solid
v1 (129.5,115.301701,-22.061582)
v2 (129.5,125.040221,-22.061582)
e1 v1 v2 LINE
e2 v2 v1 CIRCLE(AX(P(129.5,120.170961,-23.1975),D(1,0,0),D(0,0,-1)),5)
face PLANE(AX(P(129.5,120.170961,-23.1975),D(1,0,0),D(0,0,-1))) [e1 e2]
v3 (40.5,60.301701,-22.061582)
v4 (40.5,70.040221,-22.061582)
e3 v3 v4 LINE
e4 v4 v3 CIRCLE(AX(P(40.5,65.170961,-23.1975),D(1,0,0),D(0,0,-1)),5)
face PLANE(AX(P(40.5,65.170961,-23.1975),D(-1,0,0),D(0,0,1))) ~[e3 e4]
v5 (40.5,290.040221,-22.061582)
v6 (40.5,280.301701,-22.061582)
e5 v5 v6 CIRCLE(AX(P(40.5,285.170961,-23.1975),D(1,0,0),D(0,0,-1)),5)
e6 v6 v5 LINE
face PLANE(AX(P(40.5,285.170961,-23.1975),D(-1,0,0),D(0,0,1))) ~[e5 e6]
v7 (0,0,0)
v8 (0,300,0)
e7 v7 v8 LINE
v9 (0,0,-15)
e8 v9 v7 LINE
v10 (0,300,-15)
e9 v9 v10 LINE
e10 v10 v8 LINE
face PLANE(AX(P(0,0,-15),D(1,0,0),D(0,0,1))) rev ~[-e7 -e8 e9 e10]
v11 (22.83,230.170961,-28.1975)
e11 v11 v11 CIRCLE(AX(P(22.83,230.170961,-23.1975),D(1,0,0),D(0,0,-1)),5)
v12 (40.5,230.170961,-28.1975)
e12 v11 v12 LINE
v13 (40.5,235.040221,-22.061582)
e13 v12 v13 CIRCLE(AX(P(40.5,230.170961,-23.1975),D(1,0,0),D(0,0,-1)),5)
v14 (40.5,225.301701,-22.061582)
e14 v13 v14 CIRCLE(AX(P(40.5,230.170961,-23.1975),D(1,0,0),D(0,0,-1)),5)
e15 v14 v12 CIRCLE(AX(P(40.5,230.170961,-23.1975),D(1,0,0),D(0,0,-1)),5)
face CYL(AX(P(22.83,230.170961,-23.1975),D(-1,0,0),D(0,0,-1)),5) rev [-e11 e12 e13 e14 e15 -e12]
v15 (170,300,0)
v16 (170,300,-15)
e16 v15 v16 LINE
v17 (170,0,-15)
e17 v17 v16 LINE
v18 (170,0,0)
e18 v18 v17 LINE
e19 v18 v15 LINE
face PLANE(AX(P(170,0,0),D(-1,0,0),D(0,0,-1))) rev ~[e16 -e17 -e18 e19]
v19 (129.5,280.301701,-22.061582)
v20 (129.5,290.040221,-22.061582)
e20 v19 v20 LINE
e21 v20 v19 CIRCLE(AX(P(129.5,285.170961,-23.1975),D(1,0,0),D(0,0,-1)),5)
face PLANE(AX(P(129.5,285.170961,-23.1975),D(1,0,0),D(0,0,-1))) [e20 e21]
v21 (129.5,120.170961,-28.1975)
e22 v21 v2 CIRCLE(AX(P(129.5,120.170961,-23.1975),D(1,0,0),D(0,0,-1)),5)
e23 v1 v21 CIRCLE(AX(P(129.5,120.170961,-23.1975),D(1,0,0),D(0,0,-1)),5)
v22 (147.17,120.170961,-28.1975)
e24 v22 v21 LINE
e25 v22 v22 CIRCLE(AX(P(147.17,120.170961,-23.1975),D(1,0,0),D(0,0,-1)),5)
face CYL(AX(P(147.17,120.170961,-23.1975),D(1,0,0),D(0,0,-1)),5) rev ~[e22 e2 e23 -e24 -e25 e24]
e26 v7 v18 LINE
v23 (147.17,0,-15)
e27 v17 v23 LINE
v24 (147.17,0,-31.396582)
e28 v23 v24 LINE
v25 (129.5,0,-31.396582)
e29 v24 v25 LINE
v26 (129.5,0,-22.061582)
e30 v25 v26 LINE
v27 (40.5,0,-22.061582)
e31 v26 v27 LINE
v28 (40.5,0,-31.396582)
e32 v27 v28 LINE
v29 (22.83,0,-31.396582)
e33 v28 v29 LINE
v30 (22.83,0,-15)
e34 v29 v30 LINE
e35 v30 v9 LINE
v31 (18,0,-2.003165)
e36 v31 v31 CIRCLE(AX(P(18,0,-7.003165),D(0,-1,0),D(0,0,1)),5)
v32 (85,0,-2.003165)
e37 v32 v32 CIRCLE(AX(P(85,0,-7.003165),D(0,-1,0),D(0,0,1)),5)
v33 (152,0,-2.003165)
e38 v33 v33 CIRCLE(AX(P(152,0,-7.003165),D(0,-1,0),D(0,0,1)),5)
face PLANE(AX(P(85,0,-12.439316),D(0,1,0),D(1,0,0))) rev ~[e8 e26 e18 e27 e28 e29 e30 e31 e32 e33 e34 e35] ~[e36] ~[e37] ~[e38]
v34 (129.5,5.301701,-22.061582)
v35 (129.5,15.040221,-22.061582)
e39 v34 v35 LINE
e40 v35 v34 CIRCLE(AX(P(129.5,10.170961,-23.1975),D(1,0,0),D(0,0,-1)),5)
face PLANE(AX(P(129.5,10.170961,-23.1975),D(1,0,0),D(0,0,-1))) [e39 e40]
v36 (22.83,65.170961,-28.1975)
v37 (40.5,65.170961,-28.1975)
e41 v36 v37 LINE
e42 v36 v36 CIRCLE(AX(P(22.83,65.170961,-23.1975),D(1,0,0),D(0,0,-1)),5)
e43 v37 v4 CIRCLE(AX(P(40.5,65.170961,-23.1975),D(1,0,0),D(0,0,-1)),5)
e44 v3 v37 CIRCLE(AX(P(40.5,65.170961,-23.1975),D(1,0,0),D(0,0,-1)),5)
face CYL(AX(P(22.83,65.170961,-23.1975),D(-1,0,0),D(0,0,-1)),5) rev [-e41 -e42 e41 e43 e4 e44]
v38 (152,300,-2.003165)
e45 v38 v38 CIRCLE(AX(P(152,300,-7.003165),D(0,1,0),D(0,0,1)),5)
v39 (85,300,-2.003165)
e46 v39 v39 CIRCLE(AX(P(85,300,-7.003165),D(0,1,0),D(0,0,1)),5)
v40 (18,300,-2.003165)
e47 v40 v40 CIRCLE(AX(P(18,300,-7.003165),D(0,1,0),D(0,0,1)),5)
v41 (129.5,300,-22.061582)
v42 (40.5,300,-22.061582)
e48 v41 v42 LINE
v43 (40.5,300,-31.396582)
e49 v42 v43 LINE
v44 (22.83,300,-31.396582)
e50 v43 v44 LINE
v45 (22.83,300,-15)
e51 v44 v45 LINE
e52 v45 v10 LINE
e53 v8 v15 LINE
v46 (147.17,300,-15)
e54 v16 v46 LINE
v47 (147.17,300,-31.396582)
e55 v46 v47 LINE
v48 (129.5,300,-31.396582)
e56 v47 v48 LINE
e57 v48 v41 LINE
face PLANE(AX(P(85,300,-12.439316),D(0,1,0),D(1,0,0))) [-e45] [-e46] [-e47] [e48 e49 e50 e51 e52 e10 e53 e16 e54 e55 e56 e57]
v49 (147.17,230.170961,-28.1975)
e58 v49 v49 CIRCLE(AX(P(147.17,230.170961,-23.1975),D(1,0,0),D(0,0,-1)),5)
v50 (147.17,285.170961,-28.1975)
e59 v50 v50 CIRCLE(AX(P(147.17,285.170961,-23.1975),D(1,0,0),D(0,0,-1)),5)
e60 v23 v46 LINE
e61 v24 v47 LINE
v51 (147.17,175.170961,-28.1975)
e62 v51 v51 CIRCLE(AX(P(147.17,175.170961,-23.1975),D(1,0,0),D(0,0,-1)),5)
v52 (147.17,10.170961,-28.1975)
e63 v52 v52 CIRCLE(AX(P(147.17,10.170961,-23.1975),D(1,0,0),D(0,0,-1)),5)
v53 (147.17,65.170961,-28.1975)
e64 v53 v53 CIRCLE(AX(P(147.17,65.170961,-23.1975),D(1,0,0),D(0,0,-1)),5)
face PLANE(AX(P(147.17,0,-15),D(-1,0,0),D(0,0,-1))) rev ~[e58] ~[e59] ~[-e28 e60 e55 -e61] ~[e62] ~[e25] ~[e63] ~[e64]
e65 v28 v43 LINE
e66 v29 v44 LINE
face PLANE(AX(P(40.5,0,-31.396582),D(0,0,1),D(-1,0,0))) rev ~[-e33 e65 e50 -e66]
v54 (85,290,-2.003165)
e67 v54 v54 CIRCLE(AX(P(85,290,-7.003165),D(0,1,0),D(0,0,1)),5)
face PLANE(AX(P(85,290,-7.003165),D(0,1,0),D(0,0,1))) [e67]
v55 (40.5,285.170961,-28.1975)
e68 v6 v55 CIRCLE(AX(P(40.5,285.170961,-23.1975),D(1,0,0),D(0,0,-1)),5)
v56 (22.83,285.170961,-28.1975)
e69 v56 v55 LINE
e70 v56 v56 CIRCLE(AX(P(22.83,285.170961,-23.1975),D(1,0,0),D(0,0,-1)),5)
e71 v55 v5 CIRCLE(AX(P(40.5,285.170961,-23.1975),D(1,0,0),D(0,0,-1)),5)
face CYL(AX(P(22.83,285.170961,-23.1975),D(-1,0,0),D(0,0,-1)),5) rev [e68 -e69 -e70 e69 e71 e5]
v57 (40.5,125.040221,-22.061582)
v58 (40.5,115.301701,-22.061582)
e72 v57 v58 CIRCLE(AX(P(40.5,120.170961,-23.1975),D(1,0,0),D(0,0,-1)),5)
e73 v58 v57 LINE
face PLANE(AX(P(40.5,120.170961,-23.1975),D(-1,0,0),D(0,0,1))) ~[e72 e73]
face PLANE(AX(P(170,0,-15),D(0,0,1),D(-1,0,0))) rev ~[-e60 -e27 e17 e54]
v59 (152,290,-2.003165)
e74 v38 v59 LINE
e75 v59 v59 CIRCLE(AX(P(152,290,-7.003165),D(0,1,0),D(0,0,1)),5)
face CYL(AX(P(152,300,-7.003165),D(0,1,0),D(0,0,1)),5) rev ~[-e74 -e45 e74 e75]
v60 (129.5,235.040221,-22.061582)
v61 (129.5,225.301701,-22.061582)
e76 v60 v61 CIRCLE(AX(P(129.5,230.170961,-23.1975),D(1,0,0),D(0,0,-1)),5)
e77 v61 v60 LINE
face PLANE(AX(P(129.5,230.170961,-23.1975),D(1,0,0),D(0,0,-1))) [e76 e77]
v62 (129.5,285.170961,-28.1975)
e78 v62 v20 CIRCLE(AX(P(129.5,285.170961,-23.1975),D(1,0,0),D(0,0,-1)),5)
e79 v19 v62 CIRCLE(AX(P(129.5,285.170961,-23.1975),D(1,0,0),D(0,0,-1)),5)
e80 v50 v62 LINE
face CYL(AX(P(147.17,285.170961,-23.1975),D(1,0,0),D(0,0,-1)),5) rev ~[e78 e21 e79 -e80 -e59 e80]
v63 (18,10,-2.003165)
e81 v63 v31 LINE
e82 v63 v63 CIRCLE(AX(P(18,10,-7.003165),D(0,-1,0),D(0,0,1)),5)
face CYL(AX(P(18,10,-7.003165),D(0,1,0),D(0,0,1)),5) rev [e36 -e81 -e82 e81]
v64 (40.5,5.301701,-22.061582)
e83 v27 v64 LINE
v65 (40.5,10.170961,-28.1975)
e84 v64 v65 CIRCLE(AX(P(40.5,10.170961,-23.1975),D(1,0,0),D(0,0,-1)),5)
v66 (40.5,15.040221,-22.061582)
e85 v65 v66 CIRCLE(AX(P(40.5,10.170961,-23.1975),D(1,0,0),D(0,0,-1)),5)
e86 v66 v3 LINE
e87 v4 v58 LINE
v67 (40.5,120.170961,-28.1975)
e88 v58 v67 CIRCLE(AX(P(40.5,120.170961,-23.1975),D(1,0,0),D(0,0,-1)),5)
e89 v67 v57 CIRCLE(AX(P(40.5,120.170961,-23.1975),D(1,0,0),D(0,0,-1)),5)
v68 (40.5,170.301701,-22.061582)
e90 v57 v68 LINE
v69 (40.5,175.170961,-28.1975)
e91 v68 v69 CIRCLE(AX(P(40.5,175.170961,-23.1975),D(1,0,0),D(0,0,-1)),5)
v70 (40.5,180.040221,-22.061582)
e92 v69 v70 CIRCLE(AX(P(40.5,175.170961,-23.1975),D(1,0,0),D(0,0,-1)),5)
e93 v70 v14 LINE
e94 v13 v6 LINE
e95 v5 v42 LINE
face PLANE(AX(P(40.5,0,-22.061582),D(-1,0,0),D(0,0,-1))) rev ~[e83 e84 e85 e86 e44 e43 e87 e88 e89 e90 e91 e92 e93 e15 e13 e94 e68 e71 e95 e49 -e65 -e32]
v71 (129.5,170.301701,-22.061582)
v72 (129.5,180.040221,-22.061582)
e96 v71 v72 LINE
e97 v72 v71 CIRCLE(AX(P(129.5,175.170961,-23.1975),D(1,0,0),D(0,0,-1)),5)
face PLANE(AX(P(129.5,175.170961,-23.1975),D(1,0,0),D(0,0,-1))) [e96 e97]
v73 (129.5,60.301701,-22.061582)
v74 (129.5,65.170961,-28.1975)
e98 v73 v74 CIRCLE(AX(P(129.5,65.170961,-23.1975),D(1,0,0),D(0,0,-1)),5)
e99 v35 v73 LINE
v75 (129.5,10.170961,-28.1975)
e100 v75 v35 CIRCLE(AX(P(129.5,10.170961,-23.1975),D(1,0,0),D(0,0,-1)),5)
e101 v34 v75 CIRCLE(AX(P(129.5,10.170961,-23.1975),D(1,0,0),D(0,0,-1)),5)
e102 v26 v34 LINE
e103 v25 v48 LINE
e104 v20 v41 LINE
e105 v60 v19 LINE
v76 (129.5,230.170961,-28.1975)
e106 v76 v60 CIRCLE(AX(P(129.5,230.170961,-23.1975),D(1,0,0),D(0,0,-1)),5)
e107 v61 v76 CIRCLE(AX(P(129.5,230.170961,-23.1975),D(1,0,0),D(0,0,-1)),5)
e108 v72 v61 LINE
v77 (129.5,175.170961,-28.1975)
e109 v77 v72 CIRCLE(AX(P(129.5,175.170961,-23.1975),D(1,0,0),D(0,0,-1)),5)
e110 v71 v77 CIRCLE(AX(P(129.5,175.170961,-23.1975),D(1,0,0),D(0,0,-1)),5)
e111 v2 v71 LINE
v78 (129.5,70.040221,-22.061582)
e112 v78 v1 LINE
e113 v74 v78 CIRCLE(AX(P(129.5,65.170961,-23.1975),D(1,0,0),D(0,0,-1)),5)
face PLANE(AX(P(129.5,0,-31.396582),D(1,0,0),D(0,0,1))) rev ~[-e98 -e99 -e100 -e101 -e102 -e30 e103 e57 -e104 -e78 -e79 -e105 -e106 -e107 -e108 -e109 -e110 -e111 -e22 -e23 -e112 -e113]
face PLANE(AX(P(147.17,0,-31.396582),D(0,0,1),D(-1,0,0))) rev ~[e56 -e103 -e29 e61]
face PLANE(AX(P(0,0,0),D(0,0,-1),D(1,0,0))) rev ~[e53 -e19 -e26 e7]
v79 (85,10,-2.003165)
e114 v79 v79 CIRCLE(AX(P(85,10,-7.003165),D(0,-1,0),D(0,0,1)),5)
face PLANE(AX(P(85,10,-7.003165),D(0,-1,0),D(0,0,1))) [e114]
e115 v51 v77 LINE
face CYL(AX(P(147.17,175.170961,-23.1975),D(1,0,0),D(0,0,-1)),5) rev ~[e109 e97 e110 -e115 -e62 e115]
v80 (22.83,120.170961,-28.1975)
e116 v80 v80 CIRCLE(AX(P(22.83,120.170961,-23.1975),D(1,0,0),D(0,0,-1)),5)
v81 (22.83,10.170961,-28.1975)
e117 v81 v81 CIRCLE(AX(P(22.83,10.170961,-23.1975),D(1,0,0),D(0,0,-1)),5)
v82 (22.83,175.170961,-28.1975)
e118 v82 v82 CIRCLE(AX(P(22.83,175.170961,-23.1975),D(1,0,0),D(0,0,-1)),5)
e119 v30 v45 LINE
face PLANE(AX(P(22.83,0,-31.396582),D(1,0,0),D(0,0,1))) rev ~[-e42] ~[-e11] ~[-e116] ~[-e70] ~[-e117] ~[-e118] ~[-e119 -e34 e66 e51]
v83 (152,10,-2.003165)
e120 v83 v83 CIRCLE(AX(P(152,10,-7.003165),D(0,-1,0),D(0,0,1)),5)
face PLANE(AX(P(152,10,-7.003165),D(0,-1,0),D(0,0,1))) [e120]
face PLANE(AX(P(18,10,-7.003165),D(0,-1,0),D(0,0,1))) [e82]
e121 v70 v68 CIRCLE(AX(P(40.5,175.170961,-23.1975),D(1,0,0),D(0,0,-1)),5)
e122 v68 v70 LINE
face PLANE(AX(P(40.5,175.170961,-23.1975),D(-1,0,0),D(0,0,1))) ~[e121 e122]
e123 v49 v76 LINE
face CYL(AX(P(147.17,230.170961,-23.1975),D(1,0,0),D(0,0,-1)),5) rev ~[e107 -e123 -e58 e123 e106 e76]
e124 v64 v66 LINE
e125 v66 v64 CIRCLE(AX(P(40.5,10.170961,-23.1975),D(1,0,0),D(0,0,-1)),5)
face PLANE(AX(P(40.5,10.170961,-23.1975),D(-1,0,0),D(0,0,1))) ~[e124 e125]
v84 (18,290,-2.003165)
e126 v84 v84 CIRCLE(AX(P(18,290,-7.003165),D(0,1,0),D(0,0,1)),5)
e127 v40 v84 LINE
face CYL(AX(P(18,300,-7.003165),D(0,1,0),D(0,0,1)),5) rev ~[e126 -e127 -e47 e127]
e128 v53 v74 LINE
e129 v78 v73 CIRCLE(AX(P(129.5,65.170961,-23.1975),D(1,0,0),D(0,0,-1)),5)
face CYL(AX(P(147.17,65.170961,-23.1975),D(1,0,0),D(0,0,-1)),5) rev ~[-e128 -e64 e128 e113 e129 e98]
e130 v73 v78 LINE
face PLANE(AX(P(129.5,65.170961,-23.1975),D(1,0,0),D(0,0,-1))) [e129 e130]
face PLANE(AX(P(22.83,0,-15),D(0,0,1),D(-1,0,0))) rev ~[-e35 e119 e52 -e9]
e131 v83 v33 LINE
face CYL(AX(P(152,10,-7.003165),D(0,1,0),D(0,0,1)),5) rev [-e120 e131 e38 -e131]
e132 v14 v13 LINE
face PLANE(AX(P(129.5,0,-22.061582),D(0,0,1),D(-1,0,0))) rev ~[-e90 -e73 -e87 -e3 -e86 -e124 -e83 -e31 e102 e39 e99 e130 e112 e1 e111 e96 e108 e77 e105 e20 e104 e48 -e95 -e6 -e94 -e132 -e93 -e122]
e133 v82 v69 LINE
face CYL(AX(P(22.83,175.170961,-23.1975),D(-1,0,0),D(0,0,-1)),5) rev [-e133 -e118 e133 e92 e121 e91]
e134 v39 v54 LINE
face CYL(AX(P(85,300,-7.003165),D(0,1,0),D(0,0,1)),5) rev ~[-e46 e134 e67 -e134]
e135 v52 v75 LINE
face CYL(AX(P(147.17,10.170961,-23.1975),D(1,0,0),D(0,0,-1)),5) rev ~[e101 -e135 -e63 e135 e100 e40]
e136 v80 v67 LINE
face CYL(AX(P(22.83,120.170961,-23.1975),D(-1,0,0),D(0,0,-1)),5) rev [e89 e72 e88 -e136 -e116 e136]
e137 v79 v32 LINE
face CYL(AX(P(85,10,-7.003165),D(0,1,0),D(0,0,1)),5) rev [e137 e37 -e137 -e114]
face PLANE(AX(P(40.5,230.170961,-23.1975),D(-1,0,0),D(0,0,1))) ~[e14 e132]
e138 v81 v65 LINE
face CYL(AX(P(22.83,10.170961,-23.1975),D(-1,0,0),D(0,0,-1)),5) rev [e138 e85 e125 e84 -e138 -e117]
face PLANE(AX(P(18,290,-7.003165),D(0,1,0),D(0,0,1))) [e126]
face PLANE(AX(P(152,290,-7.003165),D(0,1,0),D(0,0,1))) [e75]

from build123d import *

# Parameters (mm, degrees)
BOSS_EXTRUDE1_DEPTH = 300
SKETCH6_R           = 5
CUT_EXTRUDE2_DEPTH  = 17.67
SKETCH8_R           = 5
CUT_EXTRUDE3_DEPTH  = 10
CUT_EXTRUDE4_START  = -10
SKETCH9_R           = 5
CUT_EXTRUDE4_DEPTH  = 10


with BuildPart() as part:
    # Sketch2 → Boss-Extrude1 (new body)
    with BuildSketch(Plane(origin=(0, 0, 0), x_dir=(1, 0, 0), z_dir=(0, 1, 0))):
        Polygon((0, 0), (170, 0), (170, 15), (147.17, 15), (147.17, 31.396582403), (129.5, 31.396582403), (129.5, 22.061582403), (40.5, 22.061582403), (40.5, 31.396582403), (22.83, 31.396582403), (22.83, 15), (0, 15), align=None)
    extrude(amount=BOSS_EXTRUDE1_DEPTH)

    # Sketch6 → Cut-Extrude2 (cut)
    with BuildSketch(Plane(origin=(147.17, 0, 0), x_dir=(0, 0, -1), z_dir=(1, 0, 0))):
        with Locations((23.1975, 285.170960777)):
            Circle(SKETCH6_R)
        with Locations((23.1975, 230.170960777)):
            Circle(SKETCH6_R)
        with Locations((23.1975, 175.170960777)):
            Circle(SKETCH6_R)
        with Locations((23.1975, 120.170960777)):
            Circle(SKETCH6_R)
        with Locations((23.1975, 65.170960777)):
            Circle(SKETCH6_R)
        with Locations((23.1975, 10.170960777)):
            Circle(SKETCH6_R)
    cut_extrude2 = extrude(amount=-CUT_EXTRUDE2_DEPTH, mode=Mode.SUBTRACT)

    # Mirror1: Cut-Extrude2 across plane
    add(cut_extrude2.mirror(Plane.ZY.offset(-85)), mode=Mode.SUBTRACT)

    # Sketch8 → Cut-Extrude3 (cut)
    with BuildSketch(Plane(origin=(0, 300, 0), x_dir=(1, 0, 0), z_dir=(0, 1, 0))):
        with Locations((152, 7.003164806)):
            Circle(SKETCH8_R)
        with Locations((85, 7.003164806)):
            Circle(SKETCH8_R)
        with Locations((18, 7.003164806)):
            Circle(SKETCH8_R)
    extrude(amount=-CUT_EXTRUDE3_DEPTH, mode=Mode.SUBTRACT)

    # Sketch9 → Cut-Extrude4 (cut)
    with BuildSketch(Plane.XZ.offset(CUT_EXTRUDE4_START)):
        with Locations((18, -7.003164806)):
            Circle(SKETCH9_R)
        with Locations((85, -7.003164806)):
            Circle(SKETCH9_R)
        with Locations((152, -7.003164806)):
            Circle(SKETCH9_R)
    extrude(amount=CUT_EXTRUDE4_DEPTH, mode=Mode.SUBTRACT)


solid = part.part
